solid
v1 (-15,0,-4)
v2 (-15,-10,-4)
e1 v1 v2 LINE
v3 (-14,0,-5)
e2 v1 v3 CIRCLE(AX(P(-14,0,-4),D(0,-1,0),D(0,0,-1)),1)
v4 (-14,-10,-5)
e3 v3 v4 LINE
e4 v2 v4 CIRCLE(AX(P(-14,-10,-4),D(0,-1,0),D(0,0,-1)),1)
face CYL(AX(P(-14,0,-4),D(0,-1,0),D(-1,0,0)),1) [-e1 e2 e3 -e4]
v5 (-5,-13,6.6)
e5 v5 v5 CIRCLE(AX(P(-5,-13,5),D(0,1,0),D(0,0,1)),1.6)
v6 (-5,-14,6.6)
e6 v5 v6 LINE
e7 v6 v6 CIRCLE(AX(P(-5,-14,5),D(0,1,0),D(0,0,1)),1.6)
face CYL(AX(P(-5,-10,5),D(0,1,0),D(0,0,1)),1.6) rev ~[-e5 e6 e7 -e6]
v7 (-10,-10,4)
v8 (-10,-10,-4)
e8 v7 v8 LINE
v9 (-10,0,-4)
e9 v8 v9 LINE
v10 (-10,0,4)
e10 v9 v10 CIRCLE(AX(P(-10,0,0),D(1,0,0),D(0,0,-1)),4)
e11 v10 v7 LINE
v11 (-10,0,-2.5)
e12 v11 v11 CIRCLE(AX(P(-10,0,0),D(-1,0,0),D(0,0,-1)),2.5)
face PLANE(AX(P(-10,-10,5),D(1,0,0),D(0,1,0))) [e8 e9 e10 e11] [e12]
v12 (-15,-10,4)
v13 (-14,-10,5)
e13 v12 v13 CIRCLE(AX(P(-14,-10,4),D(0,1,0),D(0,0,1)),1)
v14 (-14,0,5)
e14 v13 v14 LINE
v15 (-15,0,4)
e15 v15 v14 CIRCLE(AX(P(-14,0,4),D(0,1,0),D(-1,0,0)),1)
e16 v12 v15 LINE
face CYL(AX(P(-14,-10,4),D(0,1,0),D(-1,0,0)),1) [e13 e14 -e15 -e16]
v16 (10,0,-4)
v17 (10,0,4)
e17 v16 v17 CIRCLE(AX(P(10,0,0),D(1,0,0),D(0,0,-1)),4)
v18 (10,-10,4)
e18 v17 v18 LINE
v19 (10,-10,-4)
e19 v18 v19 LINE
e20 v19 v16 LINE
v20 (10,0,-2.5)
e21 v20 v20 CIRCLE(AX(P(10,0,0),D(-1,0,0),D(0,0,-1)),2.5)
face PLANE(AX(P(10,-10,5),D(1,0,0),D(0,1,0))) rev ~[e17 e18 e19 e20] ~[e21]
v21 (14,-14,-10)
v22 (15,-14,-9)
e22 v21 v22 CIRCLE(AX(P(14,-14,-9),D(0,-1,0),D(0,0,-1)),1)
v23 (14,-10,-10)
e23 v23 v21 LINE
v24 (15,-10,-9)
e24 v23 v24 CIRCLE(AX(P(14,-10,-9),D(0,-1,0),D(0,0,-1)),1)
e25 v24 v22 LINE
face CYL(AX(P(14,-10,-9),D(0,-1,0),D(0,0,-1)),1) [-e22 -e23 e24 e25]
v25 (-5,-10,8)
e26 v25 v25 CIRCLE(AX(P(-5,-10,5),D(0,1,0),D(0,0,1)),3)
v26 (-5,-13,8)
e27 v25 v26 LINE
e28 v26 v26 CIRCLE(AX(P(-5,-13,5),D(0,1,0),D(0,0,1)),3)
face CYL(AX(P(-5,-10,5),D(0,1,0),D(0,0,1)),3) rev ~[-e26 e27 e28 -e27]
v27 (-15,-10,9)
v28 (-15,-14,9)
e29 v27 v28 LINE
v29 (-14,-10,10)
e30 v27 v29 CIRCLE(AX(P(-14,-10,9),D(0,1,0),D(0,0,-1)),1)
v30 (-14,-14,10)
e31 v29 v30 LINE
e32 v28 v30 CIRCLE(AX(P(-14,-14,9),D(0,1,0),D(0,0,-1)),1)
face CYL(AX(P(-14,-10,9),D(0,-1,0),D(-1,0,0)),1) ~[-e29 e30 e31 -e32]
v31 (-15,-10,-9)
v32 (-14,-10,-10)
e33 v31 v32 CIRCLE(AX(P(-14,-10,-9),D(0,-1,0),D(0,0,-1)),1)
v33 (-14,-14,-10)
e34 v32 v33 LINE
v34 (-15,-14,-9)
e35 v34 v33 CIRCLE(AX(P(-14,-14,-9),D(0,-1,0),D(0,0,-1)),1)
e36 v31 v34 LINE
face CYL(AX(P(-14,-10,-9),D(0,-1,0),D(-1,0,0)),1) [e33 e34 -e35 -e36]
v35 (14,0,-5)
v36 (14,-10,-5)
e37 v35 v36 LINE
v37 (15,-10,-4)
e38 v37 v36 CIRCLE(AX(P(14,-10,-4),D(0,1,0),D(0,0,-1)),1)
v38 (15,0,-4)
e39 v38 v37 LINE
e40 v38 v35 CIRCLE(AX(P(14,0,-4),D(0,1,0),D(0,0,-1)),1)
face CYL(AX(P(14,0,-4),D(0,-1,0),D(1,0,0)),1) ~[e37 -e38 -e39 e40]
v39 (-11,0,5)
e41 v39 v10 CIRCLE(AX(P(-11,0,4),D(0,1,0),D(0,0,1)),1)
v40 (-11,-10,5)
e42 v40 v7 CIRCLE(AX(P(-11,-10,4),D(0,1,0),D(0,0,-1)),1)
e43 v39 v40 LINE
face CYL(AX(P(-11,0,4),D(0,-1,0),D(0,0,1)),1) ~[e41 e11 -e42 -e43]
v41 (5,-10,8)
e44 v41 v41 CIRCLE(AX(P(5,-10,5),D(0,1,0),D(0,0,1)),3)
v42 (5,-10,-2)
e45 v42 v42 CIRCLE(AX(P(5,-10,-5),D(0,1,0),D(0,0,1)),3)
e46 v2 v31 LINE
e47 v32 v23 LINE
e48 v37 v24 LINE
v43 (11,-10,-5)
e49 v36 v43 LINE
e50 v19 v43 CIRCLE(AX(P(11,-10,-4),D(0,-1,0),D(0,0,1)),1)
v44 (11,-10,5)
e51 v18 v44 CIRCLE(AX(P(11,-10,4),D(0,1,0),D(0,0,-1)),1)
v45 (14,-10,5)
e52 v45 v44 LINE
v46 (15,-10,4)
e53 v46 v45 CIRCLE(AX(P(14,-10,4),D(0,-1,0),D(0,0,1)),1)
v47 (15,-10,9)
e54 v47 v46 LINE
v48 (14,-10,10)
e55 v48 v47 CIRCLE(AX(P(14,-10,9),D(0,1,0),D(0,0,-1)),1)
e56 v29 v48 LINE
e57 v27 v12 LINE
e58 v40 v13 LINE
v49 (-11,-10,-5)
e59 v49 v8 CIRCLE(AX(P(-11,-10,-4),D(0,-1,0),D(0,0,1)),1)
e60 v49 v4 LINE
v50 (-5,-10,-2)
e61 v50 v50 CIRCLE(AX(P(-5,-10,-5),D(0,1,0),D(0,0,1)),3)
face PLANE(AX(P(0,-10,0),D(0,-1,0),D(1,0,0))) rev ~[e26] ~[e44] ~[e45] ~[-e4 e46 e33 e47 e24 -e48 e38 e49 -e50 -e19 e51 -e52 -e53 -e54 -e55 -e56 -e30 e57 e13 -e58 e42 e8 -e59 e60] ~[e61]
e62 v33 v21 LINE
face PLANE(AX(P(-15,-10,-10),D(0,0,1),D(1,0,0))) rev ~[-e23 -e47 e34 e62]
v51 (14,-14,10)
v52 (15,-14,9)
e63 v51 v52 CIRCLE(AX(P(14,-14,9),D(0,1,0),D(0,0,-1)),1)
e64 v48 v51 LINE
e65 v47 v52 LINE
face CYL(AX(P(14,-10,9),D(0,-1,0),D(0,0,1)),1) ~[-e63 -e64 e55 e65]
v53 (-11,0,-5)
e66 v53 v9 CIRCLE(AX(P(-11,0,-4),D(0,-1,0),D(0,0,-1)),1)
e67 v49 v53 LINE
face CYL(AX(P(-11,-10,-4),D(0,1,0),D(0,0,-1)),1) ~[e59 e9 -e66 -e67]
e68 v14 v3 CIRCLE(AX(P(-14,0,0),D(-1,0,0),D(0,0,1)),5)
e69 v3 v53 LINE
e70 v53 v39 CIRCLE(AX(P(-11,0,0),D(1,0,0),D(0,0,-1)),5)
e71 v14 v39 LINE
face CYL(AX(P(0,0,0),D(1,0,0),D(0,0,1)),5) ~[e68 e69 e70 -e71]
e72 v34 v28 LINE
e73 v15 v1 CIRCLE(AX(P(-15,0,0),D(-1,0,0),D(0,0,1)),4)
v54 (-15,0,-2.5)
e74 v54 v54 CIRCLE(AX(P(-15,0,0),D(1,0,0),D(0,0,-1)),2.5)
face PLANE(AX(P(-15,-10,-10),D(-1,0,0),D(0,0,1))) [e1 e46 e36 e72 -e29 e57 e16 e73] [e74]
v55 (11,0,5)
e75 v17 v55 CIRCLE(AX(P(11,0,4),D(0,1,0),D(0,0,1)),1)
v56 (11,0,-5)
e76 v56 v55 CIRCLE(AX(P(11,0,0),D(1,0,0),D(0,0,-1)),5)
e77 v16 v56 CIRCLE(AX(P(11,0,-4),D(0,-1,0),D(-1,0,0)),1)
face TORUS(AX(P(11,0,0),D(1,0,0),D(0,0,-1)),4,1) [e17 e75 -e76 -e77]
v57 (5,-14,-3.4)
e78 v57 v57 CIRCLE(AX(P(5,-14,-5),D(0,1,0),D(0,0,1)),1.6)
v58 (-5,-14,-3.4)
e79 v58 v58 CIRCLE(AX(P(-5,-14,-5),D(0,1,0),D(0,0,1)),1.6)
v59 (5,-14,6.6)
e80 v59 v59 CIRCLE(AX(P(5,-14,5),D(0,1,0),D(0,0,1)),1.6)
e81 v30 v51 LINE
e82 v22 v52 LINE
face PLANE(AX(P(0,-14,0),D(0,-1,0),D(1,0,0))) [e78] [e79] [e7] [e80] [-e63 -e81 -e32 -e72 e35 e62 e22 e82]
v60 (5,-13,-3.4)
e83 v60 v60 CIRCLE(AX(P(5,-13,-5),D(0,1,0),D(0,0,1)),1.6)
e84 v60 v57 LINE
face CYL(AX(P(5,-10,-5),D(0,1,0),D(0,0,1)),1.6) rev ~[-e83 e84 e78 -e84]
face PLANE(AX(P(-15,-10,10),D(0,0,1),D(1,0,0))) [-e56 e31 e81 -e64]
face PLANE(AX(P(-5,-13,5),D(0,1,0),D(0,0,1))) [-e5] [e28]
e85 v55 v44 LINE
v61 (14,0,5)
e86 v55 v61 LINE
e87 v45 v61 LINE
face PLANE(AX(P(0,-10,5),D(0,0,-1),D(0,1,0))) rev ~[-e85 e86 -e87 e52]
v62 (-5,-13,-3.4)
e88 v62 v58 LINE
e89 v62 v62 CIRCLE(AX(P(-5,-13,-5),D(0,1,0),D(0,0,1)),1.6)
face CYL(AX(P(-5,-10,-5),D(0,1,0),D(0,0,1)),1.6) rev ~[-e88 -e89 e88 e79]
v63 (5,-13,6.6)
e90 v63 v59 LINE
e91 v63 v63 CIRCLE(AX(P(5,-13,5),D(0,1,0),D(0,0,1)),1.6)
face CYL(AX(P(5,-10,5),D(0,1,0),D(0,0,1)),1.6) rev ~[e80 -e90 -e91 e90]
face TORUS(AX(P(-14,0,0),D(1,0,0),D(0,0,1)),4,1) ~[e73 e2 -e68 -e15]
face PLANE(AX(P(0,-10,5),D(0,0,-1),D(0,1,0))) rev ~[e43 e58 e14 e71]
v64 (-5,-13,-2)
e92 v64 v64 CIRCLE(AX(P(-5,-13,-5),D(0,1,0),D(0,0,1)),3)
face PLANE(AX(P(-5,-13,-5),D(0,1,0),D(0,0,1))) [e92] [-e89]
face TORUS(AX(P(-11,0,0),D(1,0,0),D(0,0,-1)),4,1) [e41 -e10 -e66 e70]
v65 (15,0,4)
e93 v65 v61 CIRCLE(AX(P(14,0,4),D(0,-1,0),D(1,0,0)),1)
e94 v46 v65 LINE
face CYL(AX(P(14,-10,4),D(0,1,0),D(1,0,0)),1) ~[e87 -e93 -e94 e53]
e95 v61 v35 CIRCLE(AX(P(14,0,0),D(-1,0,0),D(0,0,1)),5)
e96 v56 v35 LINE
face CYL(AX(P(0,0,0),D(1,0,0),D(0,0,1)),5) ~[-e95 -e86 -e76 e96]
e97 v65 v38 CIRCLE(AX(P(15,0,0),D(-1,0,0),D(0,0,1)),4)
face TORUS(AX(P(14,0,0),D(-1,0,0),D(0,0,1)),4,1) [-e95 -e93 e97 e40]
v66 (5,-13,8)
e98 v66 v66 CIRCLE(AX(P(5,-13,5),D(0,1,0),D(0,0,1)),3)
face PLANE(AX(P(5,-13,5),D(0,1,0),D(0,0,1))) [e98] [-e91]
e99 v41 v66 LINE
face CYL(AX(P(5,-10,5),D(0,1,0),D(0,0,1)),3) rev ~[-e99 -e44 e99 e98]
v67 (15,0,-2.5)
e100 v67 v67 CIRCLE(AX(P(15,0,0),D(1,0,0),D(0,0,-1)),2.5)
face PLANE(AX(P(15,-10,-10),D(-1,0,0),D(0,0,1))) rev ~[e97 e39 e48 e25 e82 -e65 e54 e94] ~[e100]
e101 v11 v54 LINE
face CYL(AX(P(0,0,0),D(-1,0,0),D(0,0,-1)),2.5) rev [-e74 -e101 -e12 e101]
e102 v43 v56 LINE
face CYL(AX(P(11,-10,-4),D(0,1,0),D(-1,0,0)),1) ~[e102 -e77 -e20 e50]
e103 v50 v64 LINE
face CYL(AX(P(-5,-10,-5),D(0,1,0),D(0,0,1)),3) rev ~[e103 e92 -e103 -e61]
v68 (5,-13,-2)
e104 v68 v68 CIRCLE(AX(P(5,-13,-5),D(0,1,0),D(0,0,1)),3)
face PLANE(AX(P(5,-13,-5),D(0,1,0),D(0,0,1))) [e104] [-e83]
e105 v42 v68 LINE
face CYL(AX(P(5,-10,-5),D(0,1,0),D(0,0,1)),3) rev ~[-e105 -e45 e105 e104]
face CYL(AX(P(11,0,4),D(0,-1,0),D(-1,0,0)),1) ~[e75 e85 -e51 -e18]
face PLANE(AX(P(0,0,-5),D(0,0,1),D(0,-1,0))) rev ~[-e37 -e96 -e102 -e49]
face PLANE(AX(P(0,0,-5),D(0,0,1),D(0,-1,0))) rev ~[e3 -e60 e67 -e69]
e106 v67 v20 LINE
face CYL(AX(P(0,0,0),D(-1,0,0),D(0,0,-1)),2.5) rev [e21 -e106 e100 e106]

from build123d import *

# Parameters (mm, degrees)
ESQUISSE2_R             = 2.5
BOSS_EXTRU_1_DEPTH      = 15
ESQUISSE4_W             = 30
ESQUISSE4_H             = 20
BOSS_EXTRU_2_DEPTH      = 4
ENL_V_MAT_EXTRU_1_REACH = 6
ESQUISSE5_R             = 1.6
ESQUISSE6_W             = 20
ESQUISSE6_H             = 21.543710407
ENL_V_MAT_EXTRU_2_DEPTH = 16
ESQUISSE7_R             = 3
ENL_V_MAT_EXTRU_3_DEPTH = 3
CONG_1_R                = 1


with BuildPart() as part:
    # Esquisse2 → Boss.-Extru.1 (new body, symmetric)
    with BuildSketch(Plane(origin=(0, 0, 0), x_dir=(0, 0, -1), z_dir=(1, 0, 0))):
        with BuildLine():
            Line((5, 0), (5, -10))
            Line((5, -10), (-5, -10))
            Line((-5, -10), (-5, 0))
            ThreePointArc((-5, 0), (0, 5), (5, 0))
        make_face()
        Circle(ESQUISSE2_R, mode=Mode.SUBTRACT)
    extrude(amount=BOSS_EXTRU_1_DEPTH, both=True)

    # Esquisse4 → Boss.-Extru.2 (add)
    with BuildSketch(Plane.XZ.offset(10)):
        Rectangle(ESQUISSE4_W, ESQUISSE4_H)
    extrude(amount=BOSS_EXTRU_2_DEPTH)

    # Esquisse5 → Enlèv. mat.-Extru.1 (cut, up to next)
    with BuildSketch(Plane(origin=(0, -10, 0), x_dir=(1, 0, 0), z_dir=(0, 1, 0)), mode=Mode.PRIVATE) as enl_v_mat_extru_1_sk1:
        with Locations(Location((5, -5, 0), (0, 0, 270))):  # turned: the seam where the file's is
            Circle(ESQUISSE5_R)
    enl_v_mat_extru_1_tool1 = extrude(enl_v_mat_extru_1_sk1.sketch, amount=-ENL_V_MAT_EXTRU_1_REACH, mode=Mode.PRIVATE) & part.part
    add(enl_v_mat_extru_1_tool1.solids().sort_by_distance((5, -10, 5))[0], mode=Mode.SUBTRACT)
    # Esquisse5 → Enlèv. mat.-Extru.1 (cut, up to next)
    with BuildSketch(Plane(origin=(0, -10, 0), x_dir=(1, 0, 0), z_dir=(0, 1, 0)), mode=Mode.PRIVATE) as enl_v_mat_extru_1_sk2:
        with Locations(Location((5, 5, 0), (0, 0, 270))):  # turned: the seam where the file's is
            Circle(ESQUISSE5_R)
    enl_v_mat_extru_1_tool2 = extrude(enl_v_mat_extru_1_sk2.sketch, amount=-ENL_V_MAT_EXTRU_1_REACH, mode=Mode.PRIVATE) & part.part
    add(enl_v_mat_extru_1_tool2.solids().sort_by_distance((5, -10, -5))[0], mode=Mode.SUBTRACT)
    # Esquisse5 → Enlèv. mat.-Extru.1 (cut, up to next)
    with BuildSketch(Plane(origin=(0, -10, 0), x_dir=(1, 0, 0), z_dir=(0, 1, 0)), mode=Mode.PRIVATE) as enl_v_mat_extru_1_sk3:
        with Locations(Location((-5, 5, 0), (0, 0, 270))):  # turned: the seam where the file's is
            Circle(ESQUISSE5_R)
    enl_v_mat_extru_1_tool3 = extrude(enl_v_mat_extru_1_sk3.sketch, amount=-ENL_V_MAT_EXTRU_1_REACH, mode=Mode.PRIVATE) & part.part
    add(enl_v_mat_extru_1_tool3.solids().sort_by_distance((-5, -10, -5))[0], mode=Mode.SUBTRACT)
    # Esquisse5 → Enlèv. mat.-Extru.1 (cut, up to next)
    with BuildSketch(Plane(origin=(0, -10, 0), x_dir=(1, 0, 0), z_dir=(0, 1, 0)), mode=Mode.PRIVATE) as enl_v_mat_extru_1_sk4:
        with Locations(Location((-5, -5, 0), (0, 0, 270))):  # turned: the seam where the file's is
            Circle(ESQUISSE5_R)
    enl_v_mat_extru_1_tool4 = extrude(enl_v_mat_extru_1_sk4.sketch, amount=-ENL_V_MAT_EXTRU_1_REACH, mode=Mode.PRIVATE) & part.part
    add(enl_v_mat_extru_1_tool4.solids().sort_by_distance((-5, -10, 5))[0], mode=Mode.SUBTRACT)

    # Esquisse6 → Enlèv. mat.-Extru.2 (cut, through all)
    with BuildSketch(Plane.XY.offset(5)):
        with Locations((0, 0.771855204)):
            Rectangle(ESQUISSE6_W, ESQUISSE6_H)
    extrude(amount=-ENL_V_MAT_EXTRU_2_DEPTH, mode=Mode.SUBTRACT)

    # Esquisse7 → Enlèv. mat.-Extru.3 (cut)
    with BuildSketch(Plane(origin=(0, -10, 0), x_dir=(1, 0, 0), z_dir=(0, 1, 0))):
        with Locations(Location((-5, 5, 0), (0, 0, 270))):  # turned: the seam where the file's is
            Circle(ESQUISSE7_R)
        with Locations(Location((5, 5, 0), (0, 0, 270))):  # turned: the seam where the file's is
            Circle(ESQUISSE7_R)
        with Locations(Location((5, -5, 0), (0, 0, 270))):  # turned: the seam where the file's is
            Circle(ESQUISSE7_R)
        with Locations(Location((-5, -5, 0), (0, 0, 270))):  # turned: the seam where the file's is
            Circle(ESQUISSE7_R)
    extrude(amount=-ENL_V_MAT_EXTRU_3_DEPTH, mode=Mode.SUBTRACT)

    # Congé1
    cong_1_edges = [part.edges().sort_by_distance(p)[0] for p in [
        (15, -5, -5),
        (-15, -12, 10),
        (-15, -12, -10),
        (15, -12, -10),
        (15, -12, 10),
        (15, 5, 0),
        (-15, -5, -5),
        (-15, -5, 5),
        (-15, 5, 0),
        (-10, 5, 0),
        (-10, -5, -5),
        (10, -5, -5),
        (10, 5, 0),
        (10, -5, 5),
        (-10, -5, 5),
        (15, -5, 5),
    ]]
    fillet(cong_1_edges, radius=CONG_1_R)


solid = part.part
